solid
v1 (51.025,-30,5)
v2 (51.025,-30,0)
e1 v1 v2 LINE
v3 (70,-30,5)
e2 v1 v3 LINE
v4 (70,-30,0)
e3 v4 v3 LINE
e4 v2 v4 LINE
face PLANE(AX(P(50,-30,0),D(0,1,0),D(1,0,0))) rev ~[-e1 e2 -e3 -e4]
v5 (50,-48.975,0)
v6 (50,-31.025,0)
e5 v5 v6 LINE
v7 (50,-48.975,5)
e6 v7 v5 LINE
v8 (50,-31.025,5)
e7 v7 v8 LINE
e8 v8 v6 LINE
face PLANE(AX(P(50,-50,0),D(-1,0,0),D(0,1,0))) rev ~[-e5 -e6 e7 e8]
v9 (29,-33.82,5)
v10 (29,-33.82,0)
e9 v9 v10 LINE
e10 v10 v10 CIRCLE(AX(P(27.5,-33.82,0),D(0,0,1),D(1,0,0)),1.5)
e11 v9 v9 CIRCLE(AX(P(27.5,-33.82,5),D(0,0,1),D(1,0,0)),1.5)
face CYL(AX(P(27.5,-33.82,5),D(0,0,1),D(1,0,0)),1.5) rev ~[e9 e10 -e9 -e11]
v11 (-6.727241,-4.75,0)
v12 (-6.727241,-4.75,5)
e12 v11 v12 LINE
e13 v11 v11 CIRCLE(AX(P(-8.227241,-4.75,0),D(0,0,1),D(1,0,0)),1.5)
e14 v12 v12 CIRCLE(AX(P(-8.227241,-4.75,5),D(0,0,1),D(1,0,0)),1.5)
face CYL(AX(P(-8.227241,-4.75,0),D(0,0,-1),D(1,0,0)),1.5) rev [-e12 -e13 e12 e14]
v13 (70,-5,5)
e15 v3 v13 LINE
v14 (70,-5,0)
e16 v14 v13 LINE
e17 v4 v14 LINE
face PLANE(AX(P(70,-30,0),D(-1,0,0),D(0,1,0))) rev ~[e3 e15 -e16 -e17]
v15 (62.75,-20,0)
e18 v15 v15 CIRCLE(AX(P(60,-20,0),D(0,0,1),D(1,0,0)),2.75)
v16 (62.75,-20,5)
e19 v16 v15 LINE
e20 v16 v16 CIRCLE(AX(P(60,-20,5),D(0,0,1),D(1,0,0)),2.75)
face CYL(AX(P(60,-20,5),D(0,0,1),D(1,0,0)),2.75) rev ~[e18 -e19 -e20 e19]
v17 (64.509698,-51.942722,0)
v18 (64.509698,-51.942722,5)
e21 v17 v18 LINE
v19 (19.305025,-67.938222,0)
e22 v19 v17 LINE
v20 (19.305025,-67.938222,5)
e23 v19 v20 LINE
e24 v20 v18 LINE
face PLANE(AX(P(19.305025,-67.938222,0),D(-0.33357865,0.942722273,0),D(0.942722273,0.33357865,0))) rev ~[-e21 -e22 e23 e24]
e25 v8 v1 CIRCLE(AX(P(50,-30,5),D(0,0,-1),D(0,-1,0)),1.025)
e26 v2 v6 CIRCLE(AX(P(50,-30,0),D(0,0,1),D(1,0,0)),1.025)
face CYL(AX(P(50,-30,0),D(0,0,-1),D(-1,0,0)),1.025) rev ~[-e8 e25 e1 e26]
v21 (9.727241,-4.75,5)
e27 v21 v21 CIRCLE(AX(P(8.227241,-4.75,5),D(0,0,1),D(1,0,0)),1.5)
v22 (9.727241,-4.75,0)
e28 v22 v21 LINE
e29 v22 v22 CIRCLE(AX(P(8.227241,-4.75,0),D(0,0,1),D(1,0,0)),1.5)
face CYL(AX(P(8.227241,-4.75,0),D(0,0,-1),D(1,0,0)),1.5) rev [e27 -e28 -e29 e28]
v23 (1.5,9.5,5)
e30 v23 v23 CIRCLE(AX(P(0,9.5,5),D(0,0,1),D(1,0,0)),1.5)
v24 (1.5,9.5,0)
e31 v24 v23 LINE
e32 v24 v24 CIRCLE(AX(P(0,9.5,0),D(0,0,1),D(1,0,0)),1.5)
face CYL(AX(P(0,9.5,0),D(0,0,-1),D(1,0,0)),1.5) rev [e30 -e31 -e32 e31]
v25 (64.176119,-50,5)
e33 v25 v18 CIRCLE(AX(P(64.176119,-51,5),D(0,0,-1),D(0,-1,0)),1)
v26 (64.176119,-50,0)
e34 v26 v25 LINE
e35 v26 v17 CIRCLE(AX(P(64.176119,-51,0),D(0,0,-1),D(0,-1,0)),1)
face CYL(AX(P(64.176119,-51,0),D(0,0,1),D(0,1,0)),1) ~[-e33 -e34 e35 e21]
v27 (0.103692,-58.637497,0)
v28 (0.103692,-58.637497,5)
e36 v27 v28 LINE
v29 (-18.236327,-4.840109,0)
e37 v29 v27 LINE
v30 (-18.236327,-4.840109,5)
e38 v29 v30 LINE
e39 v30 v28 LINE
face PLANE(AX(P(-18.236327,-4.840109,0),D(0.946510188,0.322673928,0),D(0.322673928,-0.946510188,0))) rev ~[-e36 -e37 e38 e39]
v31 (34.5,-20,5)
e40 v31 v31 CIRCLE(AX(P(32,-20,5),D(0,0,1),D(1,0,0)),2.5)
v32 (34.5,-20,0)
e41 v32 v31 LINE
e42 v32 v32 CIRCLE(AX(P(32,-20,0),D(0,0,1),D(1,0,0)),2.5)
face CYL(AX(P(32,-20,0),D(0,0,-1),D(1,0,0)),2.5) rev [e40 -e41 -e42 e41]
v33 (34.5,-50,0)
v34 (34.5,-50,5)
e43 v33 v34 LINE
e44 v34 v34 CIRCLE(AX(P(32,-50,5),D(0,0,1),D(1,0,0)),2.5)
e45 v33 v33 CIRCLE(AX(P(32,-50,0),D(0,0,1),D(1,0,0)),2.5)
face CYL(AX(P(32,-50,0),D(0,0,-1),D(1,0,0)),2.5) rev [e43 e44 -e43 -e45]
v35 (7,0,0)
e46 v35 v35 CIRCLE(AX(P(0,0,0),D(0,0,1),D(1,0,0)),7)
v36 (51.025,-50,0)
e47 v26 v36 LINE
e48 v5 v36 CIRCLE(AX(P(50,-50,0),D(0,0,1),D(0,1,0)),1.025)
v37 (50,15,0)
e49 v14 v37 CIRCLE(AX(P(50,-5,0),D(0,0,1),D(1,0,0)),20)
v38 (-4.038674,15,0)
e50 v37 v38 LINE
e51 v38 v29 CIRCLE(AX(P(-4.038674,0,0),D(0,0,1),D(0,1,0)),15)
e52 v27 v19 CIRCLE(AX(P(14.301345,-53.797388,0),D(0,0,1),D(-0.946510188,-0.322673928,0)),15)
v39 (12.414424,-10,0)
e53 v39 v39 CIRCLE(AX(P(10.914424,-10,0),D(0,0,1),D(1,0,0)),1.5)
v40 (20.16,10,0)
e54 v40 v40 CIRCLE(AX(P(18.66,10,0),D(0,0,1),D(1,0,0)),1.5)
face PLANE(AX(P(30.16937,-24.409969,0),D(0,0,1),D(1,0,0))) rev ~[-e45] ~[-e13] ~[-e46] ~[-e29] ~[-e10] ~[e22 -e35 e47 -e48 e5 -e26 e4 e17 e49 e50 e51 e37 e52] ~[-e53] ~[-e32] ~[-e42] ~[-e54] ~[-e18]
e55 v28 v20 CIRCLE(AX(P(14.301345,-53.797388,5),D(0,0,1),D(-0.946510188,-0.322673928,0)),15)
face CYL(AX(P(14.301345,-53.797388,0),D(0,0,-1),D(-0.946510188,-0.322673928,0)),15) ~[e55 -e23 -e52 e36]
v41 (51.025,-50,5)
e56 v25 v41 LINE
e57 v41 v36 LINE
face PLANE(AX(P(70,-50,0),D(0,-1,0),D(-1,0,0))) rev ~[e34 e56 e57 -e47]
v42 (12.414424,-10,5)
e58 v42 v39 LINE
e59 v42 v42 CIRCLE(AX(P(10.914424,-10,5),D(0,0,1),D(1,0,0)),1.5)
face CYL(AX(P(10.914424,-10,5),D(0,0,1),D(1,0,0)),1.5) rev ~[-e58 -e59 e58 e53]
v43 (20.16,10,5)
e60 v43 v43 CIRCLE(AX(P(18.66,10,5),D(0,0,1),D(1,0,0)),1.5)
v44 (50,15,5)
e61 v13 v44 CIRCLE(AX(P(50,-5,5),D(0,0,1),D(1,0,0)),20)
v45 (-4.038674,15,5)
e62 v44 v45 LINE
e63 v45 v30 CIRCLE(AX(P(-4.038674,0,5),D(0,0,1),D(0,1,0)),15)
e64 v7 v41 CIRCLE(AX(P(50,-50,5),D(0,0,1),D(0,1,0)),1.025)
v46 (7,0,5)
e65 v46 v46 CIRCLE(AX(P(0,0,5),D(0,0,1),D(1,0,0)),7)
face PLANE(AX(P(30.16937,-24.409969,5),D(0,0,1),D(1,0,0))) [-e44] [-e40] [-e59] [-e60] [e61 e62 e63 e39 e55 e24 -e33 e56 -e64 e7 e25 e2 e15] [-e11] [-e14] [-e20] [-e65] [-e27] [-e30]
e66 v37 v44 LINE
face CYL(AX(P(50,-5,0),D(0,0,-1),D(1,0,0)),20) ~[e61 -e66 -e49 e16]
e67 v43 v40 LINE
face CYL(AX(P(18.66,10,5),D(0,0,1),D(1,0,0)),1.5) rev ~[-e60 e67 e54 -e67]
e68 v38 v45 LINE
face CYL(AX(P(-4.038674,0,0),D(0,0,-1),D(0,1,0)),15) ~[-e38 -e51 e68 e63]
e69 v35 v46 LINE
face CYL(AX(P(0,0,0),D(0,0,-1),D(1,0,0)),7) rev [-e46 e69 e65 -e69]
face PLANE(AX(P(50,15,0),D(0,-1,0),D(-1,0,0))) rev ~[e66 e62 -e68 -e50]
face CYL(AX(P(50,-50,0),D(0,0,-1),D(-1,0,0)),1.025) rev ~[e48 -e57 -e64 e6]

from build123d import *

# Parameters (mm, degrees)
SKETCH_1_R          = 7
SKETCH_1_R_2        = 1.5
SKETCH_1_R_3        = 2.5
EXTRUDE_1_DEPTH     = 5
FILLET_1_R          = 1
SKETCH_2_R          = 1.5
SKETCH_2_R_2        = 2.75
CUT_EXTRUDE_1_DEPTH = 10
SKETCH_3_R          = 1.5
CUT_EXTRUDE_2_DEPTH = 10
SKETCH_4_R          = 1.025
CUT_EXTRUDE_3_DEPTH = 30


with BuildPart() as part:
    # 草图1 → 凸台-拉伸1 (new body)
    with BuildSketch(Plane.XY):
        with BuildLine():
            Line((70, -30), (70, -5))
            ThreePointArc((70, -5), (64.142135624, 9.142135624), (50, 15))
            Line((50, 15), (-4.038673683, 15))
            ThreePointArc((-4.038673683, 15), (-16.237067712, 8.729214347), (-18.236326506, -4.840108917))
            Line((-18.236326506, -4.840108917), (0.10369211, -58.637496855))
            ThreePointArc((0.10369211, -58.637496855), (7.762372735, -67.297085809), (19.305024689, -67.938222033))
            Line((19.305024689, -67.938222033), (70, -50))
            Line((70, -50), (50, -50))
            Line((50, -50), (50, -30))
            Line((50, -30), (70, -30))
        make_face()
        Circle(SKETCH_1_R, mode=Mode.SUBTRACT)
        with Locations((0, 9.5)):
            Circle(SKETCH_1_R_2, mode=Mode.SUBTRACT)
        with Locations((8.227241336, -4.75)):
            Circle(SKETCH_1_R_2, mode=Mode.SUBTRACT)
        with Locations((-8.227241336, -4.75)):
            Circle(SKETCH_1_R_2, mode=Mode.SUBTRACT)
        with Locations((32, -50)):
            Circle(SKETCH_1_R_3, mode=Mode.SUBTRACT)
        with Locations((32, -20)):
            Circle(SKETCH_1_R_3, mode=Mode.SUBTRACT)
    extrude(amount=EXTRUDE_1_DEPTH)

    # 圆角1
    fillet_1_edges = [part.edges().sort_by_distance(p)[0] for p in [
        (70, -50, 2.5),
    ]]
    fillet(fillet_1_edges, radius=FILLET_1_R)

    # 草图2 → 切除-拉伸1 (cut)
    with BuildSketch(Plane.XY.offset(5)):
        with Locations((27.5, -33.82)):
            Circle(SKETCH_2_R)
        with Locations((18.66, 10)):
            Circle(SKETCH_2_R)
        with Locations((60, -20)):
            Circle(SKETCH_2_R_2)
    extrude(amount=-CUT_EXTRUDE_1_DEPTH, mode=Mode.SUBTRACT)

    # 草图3 → 切除-拉伸2 (cut)
    with BuildSketch(Plane.XY.offset(5)):
        with Locations((10.914424012, -10)):
            Circle(SKETCH_3_R)
    extrude(amount=-CUT_EXTRUDE_2_DEPTH, mode=Mode.SUBTRACT)

    # 草图4 → 切除-拉伸3 (cut, symmetric)
    with BuildSketch(Plane(origin=(0, 0, 0), x_dir=(-1, 0, 0), z_dir=(0, 0, -1))):
        with Locations((-50, -50)):
            Circle(SKETCH_4_R)
        with Locations((-50, -30)):
            Circle(SKETCH_4_R)
    extrude(amount=CUT_EXTRUDE_3_DEPTH, both=True, mode=Mode.SUBTRACT)


solid = part.part
